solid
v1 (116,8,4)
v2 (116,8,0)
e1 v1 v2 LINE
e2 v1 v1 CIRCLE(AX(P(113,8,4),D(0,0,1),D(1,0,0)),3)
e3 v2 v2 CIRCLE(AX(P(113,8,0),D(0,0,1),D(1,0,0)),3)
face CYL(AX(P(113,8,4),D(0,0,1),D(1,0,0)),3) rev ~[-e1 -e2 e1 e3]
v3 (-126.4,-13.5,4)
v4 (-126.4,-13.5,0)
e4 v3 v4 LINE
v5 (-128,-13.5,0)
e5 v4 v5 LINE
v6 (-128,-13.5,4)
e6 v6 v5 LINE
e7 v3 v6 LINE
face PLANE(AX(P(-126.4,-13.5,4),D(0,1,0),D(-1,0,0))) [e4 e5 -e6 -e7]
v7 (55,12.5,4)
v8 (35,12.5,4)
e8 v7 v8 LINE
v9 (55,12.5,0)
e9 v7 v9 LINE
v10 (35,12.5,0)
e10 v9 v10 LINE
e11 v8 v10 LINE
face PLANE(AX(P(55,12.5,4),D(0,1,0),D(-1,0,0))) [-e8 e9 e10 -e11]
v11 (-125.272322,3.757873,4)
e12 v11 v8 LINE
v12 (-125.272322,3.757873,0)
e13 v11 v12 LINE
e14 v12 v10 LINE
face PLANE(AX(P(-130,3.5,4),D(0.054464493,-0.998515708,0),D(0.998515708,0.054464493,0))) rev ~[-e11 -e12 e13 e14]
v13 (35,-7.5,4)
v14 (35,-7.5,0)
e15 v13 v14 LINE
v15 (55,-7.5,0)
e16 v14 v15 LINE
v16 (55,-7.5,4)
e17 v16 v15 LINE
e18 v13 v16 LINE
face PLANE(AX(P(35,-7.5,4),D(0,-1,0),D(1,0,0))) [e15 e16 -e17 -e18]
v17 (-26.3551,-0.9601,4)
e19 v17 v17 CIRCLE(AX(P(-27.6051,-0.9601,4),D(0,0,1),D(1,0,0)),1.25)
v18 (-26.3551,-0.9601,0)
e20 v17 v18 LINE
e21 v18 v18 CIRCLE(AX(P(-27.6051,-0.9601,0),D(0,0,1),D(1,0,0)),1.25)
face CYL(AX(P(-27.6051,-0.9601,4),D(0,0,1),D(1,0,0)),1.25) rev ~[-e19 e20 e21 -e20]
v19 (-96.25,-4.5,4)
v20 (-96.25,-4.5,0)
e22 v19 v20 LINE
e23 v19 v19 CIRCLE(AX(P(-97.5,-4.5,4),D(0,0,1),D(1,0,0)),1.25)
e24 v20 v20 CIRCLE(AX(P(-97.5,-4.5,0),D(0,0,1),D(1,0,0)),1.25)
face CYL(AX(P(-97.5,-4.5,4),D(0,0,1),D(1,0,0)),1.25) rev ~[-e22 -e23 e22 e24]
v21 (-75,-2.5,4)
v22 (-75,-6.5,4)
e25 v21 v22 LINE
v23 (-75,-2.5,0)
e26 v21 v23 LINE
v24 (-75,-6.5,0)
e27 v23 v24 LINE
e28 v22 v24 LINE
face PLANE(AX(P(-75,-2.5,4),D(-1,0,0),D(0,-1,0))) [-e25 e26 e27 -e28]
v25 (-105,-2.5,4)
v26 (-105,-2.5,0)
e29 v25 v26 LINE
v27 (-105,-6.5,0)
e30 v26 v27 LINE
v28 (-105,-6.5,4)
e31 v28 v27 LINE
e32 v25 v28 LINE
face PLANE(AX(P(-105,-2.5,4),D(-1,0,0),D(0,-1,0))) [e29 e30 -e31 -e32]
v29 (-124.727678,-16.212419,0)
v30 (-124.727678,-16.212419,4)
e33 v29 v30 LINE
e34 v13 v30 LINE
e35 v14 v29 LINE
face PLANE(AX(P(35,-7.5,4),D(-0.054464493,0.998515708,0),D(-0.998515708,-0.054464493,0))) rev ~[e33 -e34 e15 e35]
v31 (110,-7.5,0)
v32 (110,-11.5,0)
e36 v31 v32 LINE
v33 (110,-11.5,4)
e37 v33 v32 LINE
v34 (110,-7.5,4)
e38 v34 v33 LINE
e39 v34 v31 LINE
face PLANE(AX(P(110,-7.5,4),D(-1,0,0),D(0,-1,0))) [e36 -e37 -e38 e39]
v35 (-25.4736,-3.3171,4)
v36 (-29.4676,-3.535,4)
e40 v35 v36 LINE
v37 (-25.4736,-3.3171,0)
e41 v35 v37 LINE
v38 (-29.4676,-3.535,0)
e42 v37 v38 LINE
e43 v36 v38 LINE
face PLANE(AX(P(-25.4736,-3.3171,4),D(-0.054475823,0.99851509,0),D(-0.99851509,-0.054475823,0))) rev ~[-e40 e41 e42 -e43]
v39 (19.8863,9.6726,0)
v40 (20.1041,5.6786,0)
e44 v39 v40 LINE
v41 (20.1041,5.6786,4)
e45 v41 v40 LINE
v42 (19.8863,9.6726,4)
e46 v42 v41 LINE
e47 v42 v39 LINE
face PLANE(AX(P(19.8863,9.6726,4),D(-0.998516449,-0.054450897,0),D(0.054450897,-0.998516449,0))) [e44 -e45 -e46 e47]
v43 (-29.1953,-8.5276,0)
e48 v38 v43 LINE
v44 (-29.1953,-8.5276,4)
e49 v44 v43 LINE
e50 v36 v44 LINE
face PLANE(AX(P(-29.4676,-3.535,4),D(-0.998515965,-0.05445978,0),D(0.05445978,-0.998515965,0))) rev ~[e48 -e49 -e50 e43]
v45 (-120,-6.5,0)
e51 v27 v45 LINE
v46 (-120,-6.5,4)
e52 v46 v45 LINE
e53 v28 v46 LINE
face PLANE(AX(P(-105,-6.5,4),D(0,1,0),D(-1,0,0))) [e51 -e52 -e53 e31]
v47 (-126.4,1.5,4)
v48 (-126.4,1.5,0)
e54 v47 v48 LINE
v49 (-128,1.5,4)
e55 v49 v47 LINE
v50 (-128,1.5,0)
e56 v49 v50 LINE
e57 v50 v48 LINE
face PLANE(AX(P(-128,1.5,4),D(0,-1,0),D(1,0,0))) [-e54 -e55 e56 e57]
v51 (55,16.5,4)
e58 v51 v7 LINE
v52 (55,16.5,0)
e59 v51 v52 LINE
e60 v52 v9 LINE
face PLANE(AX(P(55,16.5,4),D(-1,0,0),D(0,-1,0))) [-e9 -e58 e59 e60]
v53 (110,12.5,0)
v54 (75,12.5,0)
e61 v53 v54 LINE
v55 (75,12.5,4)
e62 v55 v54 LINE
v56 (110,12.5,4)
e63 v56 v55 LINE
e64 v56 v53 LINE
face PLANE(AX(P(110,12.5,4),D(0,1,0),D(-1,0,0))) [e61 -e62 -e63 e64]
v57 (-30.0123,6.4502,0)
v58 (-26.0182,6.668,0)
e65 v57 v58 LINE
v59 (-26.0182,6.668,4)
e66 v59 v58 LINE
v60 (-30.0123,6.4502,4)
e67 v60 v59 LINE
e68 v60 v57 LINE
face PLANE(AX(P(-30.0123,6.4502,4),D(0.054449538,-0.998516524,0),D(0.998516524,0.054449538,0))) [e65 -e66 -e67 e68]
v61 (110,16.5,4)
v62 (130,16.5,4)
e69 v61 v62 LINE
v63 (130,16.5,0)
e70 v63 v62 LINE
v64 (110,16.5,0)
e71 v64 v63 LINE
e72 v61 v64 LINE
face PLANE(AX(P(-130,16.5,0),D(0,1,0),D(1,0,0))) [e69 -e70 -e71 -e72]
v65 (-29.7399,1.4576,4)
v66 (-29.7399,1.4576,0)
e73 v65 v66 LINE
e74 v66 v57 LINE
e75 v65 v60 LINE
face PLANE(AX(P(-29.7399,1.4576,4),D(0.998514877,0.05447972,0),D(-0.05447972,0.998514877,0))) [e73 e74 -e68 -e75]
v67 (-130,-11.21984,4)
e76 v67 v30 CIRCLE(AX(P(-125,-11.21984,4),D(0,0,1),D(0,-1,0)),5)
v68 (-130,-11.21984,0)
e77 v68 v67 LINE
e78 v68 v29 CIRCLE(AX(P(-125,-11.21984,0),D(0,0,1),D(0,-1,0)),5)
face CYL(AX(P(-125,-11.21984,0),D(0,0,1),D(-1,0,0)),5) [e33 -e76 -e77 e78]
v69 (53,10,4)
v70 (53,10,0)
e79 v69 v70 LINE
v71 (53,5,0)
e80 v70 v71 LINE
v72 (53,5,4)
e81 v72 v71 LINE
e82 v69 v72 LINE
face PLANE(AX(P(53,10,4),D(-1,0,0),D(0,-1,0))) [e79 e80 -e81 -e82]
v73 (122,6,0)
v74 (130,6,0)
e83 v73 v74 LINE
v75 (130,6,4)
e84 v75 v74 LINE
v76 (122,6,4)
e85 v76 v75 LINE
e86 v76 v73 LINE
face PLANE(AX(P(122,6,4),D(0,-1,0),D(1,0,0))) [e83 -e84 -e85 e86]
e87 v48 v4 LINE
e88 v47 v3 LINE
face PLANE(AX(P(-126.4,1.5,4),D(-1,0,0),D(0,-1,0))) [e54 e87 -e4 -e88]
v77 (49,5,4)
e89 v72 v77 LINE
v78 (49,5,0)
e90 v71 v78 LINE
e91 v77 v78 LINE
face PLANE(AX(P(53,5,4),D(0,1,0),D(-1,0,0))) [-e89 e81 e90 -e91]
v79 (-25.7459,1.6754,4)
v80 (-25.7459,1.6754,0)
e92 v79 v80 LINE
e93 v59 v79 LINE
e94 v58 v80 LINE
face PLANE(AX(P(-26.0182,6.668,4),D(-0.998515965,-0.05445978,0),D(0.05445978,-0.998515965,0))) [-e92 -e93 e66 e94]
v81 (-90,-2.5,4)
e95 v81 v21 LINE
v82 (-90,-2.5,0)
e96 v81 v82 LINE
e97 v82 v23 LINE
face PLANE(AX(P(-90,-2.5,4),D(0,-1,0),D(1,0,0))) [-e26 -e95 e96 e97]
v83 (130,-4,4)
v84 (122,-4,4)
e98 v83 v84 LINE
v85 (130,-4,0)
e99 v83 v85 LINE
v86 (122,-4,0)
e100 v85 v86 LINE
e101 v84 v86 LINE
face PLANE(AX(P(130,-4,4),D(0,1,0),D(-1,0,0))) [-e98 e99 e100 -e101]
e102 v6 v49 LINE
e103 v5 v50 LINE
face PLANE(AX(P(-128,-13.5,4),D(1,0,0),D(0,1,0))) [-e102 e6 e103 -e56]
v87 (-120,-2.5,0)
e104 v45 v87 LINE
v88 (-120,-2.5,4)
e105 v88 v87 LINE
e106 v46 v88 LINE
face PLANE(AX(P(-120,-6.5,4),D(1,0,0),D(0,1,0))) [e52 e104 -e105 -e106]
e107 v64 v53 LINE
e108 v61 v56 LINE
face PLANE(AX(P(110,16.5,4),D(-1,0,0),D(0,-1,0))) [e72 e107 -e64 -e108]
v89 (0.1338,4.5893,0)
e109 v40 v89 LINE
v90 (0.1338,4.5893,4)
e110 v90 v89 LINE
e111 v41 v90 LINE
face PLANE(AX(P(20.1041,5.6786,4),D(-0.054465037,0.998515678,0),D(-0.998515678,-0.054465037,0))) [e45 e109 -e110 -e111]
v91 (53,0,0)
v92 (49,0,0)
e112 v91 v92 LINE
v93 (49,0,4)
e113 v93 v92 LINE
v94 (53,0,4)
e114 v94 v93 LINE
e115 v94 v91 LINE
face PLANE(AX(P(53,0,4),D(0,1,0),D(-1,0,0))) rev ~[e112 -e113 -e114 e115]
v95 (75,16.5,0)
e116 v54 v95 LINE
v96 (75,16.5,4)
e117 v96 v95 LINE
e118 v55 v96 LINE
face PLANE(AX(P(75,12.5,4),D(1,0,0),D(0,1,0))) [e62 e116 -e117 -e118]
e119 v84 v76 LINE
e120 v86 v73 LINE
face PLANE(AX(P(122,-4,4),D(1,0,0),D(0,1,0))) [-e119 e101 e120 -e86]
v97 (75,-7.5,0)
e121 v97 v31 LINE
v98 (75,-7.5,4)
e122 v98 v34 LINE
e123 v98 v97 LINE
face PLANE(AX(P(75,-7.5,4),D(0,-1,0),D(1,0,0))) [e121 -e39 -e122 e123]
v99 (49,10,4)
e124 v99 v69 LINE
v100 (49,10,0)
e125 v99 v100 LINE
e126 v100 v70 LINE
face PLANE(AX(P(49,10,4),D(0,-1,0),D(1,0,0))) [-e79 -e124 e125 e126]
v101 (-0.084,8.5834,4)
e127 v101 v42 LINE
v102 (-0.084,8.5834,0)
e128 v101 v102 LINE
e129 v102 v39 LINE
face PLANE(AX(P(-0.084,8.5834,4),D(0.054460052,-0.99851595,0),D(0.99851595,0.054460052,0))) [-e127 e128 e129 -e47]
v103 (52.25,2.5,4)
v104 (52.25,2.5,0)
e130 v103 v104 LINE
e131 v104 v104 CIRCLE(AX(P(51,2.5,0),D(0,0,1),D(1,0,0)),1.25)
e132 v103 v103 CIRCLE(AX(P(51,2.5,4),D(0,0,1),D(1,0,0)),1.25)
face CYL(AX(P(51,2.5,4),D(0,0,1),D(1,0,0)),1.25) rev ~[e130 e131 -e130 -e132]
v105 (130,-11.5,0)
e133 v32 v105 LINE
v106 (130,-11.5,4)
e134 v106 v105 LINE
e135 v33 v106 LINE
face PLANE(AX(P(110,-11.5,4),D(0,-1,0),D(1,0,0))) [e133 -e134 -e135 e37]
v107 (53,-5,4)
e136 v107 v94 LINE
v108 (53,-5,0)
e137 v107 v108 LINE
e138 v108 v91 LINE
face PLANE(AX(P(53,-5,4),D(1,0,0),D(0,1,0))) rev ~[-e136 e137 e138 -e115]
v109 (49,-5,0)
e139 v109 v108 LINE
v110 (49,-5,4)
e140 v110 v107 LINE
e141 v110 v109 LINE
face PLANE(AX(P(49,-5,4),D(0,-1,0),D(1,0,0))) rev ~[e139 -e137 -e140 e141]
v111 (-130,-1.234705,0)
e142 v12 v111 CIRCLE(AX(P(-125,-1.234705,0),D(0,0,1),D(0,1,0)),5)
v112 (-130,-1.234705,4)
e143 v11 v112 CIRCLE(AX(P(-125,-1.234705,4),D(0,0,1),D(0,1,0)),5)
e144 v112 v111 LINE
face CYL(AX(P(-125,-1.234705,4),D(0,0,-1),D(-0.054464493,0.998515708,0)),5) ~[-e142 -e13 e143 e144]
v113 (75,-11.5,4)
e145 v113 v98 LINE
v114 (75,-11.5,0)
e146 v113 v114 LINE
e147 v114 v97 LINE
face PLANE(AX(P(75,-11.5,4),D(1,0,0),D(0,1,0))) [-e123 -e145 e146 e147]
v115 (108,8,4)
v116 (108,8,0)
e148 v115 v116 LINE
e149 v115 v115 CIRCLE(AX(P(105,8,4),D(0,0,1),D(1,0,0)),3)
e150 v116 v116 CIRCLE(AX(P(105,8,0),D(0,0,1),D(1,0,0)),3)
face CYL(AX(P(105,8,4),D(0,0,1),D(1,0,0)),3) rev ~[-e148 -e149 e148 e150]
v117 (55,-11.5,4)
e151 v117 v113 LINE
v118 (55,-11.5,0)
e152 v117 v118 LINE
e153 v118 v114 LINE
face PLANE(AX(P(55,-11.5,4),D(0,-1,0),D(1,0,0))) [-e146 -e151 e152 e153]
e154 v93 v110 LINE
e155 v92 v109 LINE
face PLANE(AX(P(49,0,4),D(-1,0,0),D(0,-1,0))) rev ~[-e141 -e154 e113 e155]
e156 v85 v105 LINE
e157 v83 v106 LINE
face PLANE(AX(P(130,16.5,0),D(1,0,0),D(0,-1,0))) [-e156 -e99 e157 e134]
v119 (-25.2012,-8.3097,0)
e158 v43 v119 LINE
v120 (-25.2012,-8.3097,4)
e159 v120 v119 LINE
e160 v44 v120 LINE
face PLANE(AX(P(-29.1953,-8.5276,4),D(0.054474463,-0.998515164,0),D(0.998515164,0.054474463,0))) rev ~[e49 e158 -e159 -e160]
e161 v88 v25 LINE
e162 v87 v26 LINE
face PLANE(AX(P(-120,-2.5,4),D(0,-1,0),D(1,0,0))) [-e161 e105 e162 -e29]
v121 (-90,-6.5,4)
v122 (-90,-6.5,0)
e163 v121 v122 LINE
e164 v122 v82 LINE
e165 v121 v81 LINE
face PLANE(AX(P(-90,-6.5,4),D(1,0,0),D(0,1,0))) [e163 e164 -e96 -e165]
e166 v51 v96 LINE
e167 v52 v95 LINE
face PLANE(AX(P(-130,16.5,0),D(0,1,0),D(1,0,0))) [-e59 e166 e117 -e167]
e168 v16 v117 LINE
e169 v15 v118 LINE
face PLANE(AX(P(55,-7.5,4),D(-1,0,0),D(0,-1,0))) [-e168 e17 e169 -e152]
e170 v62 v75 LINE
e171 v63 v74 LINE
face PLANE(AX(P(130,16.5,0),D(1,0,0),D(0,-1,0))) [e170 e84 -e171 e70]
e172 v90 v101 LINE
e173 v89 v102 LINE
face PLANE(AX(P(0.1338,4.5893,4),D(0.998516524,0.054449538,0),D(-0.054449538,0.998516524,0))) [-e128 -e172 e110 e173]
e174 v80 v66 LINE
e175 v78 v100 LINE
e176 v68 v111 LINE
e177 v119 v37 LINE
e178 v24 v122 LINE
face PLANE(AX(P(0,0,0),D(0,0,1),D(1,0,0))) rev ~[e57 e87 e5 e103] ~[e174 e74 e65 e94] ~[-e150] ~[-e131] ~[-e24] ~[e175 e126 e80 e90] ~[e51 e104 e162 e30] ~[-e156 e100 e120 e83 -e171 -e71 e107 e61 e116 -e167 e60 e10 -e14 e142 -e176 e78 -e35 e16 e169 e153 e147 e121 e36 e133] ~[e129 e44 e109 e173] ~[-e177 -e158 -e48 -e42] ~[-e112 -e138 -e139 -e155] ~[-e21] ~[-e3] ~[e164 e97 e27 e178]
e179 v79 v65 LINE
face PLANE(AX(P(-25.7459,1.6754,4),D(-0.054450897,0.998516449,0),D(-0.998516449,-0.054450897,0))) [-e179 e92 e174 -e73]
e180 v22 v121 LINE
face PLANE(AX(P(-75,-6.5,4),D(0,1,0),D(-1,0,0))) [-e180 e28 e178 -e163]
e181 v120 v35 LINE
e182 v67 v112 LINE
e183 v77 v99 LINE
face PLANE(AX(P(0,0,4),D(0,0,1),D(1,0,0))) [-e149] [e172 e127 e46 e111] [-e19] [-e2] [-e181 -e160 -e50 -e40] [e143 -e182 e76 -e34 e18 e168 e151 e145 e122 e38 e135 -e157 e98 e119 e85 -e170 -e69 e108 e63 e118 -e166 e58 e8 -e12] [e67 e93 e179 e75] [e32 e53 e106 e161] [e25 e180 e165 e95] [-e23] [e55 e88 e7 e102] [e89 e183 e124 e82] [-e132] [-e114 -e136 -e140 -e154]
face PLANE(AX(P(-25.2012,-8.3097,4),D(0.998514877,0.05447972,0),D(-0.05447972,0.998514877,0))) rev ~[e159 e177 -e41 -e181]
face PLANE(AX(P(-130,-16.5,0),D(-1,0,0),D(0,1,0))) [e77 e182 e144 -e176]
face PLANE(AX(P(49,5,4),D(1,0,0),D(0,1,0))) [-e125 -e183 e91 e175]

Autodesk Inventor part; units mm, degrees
ref_plane "YZ Plane" through (0, 0, 0) normal (1, 0, 0) x (0, 1, 0)
ref_plane "XZ Plane" through (0, 0, 0) normal (0, 1, 0) x (-1, 0, 0)
ref_plane "XY Plane" through (0, 0, 0) normal (0, 0, 1) x (1, 0, 0)
sketch "Sketch1" plane through (0, 0, 0) normal (0, 0, 1) x (1, 0, 0)
  line L0 (-130, 16.5) -> (130, 16.5)
  line L1 (130, 16.5) -> (130, -16.5)
  line L2 (130, -16.5) -> (-130, -16.5)
  line L3 (-130, -16.5) -> (-130, 16.5)
  point P0 (0, 0)
  dimension "d0" = 260
  dimension "d1" = 33
  dimension "d2" = 16.5
  dimension "d3" = 130
extrude "Base" add sketch "Sketch1" along normal blind 4
sketch "Sketch2" plane through (0, 0, 4) normal (0, 0, 1) x (1, 0, 0)
  line L0 (130, 16.5) -> (130, -16.5) projected
  line L1 (-130, 16.5) -> (130, 16.5) projected
  line L2 (-130, -16.5) -> (-130, 16.5) projected
  line L3 (130, -16.5) -> (-130, -16.5) projected
  line L4 (75, 16.5) -> (110, 16.5)
  line L5 (110, 16.5) -> (110, 12.5)
  line L6 (110, 12.5) -> (75, 12.5)
  line L7 (75, 12.5) -> (75, 16.5)
  line L8 (-130, 16.5) -> (55, 16.5)
  line L9 (55, 16.5) -> (55, 12.5)
  line L10 (55, 12.5) -> (-130, 12.5)
  line L11 (-130, 12.5) -> (-130, 16.5)
  line L12 (35, -7.5) -> (55, -7.5)
  line L13 (55, -7.5) -> (55, -16.5)
  line L14 (55, -16.5) -> (35, -16.5)
  line L15 (35, -16.5) -> (35, -7.5)
  line L16 (75, -7.5) -> (110, -7.5)
  line L17 (110, -7.5) -> (110, -16.5)
  line L18 (110, -16.5) -> (75, -16.5)
  line L19 (75, -16.5) -> (75, -7.5)
  line L20 (110, -11.5) -> (130, -11.5)
  line L21 (130, -11.5) -> (130, -16.5)
  line L22 (130, -16.5) -> (110, -16.5)
  line L23 (110, -16.5) -> (110, -11.5)
  line L24 (55, -11.5) -> (75, -11.5)
  line L25 (75, -11.5) -> (75, -16.5)
  line L26 (75, -16.5) -> (55, -16.5)
  line L27 (55, -16.5) -> (55, -11.5)
  point P0 (0, 0)
  dimension "d6" = 35
  dimension "d7" = 4
  dimension "d8" = 0
  dimension "d9" = 20
  dimension "d10" = 185
  dimension "d11" = 4
  dimension "d12" = 0
  dimension "d13" = 0
  dimension "d14" = 20
  dimension "d15" = 20
  dimension "d16" = 9
  dimension "d17" = 0
  dimension "d18" = 165
  dimension "d19" = 35
  dimension "d20" = 9
  dimension "d21" = 0
  dimension "d22" = 20
  dimension "d23" = 20
  dimension "d24" = 5
  dimension "d25" = 20
  dimension "d26" = 5
  dimension "d27" = 0
  dimension "d28" = 0
  dimension "d29" = 0
  dimension "d30" = 0
  dimension "d98" = 20
extrude "StructureMounting" cut sketch "Sketch2" against normal blind 4 contours L0 L3 L17 L20 | L5 L6 L7 L1 | L17 L3 L19 L16 | L9 L10 L2 L1 | L3 L13 L24 L19 | L3 L15 L12 L13
sketch "Sketch4" plane through (0, 0, 4) normal (0, 0, 1) x (1, 0, 0)
  line L0 (55, 12.5) -> (-130, 12.5) projected
  line L1 (-130, -16.5) -> (-130, 12.5) projected
  line L2 (35, -16.5) -> (-130, -16.5) projected
  line L3 (35, -16.5) -> (35, -7.5) projected
  line L4 (55, 16.5) -> (55, 12.5) projected
  line L5 (35, -7.5) -> (-130, -16.5)
  line L6 (-130, 3.5) -> (35, 12.5)
  point P0 (0, 0)
  dimension "d42" = 20
  dimension "d43" = 20
extrude "MotorRamp" cut sketch "Sketch4" against normal blind 4
sketch "Sketch5" plane through (0, 0, 4) normal (0, 0, 1) x (1, 0, 0)
  line L0 (110, 12.5) -> (75, 12.5) projected
  line L1 (75, 12.5) -> (75, 16.5) projected
  line L2 (94.274, 12.5) -> (98.274, 12.5)
  line L3 (98.274, 12.5) -> (98.274, 2.5)
  line L4 (98.274, 2.5) -> (94.274, 2.5)
  line L5 (94.274, 2.5) -> (94.274, 12.5)
  line L6 (110, 16.5) -> (110, 12.5) projected
  point P0 (0, 0)
  dimension "d46" = 4
  dimension "d47" = 10
  dimension "d48" = 0
  dimension "d49" = 19.274
  dimension "d100" = 11.726
extrude "LowSleeve" [suppressed]
sketch "Sketch6" plane through (0, 0, 4) normal (0, 0, 1) x (1, 0, 0)
  line L0 (-130, -16.5) -> (-130, 3.5) projected
  line L1 (-120, -2.5) -> (-105, -2.5)
  line L2 (-105, -2.5) -> (-105, -6.5)
  line L3 (-105, -6.5) -> (-120, -6.5)
  line L4 (-120, -6.5) -> (-120, -2.5)
  line L5 (-90, -2.5) -> (-75, -2.5)
  line L6 (-75, -2.5) -> (-75, -6.5)
  line L7 (-75, -6.5) -> (-90, -6.5)
  line L8 (-90, -6.5) -> (-90, -2.5)
  line L9 (98.274, 2.5) -> (94.274, 2.5) projected
  line L10 (-106.4171, -4.5) -> (-87.4505, -4.5) construction
  circle A0 centre (-97.5, -4.5) radius 1.25
  point P0 (0, 0)
  dimension "d63" = 15
  dimension "d64" = 4
  dimension "d67" = 30
  dimension "d72" = 10
  dimension "d73" = 10
  dimension "d166" = 2
  dimension "d167" = 2.5
  dimension "d168" = 7.5
extrude "MotorSleeves" cut sketch "Sketch6" against normal blind 4
sketch "Sketch10" plane through (0, 0, 4) normal (0, 0, 1) x (1, 0, 0)
  line L0 (130, 16.5) -> (130, -11.5) projected
  line L1 (122, 6) -> (130, 6)
  line L2 (130, 6) -> (130, -4)
  line L3 (130, -4) -> (122, -4)
  line L4 (122, -4) -> (122, 6)
  point P0 (0, 0)
  dimension "d109" = 8
  dimension "d110" = 10
  dimension "d111" = 0
  dimension "d112" = 4
extrude "Cabling" cut sketch "Sketch10" against normal blind 4
sketch "Sketch12" plane through (0, 0, 4) normal (0, 0, 1) x (1, 0, 0)
  line L0 (35, 12.5) -> (-130, 3.5) projected
  line L1 (-0.084, 8.5834) -> (19.8863, 9.6726)
  line L2 (19.8863, 9.6726) -> (20.1041, 5.6786)
  line L3 (20.1041, 5.6786) -> (0.1338, 4.5893)
  line L4 (0.1338, 4.5893) -> (-0.084, 8.5834)
  point P0 (0, 0)
  dimension "d124" = 4
  dimension "d125" = 20
  dimension "d126" = 2
  dimension "d127" = 130
extrude "ESCholder" cut sketch "Sketch12" against normal blind 4
sketch "Sketch13" plane through (0, 0, 4) normal (0, 0, 1) x (1, 0, 0)
  line L0 (55, 16.5) -> (55, 12.5) projected
  line L1 (55, 12.5) -> (35, 12.5) projected
  line L2 (35, 12.5) -> (-130, 3.5) projected
  line L3 (-130, -16.5) -> (35, -7.5) projected
  line L4 (-30.0123, 6.4502) -> (-26.0182, 6.668)
  line L5 (-26.0182, 6.668) -> (-25.7459, 1.6754)
  line L6 (-25.7459, 1.6754) -> (-29.7399, 1.4576)
  line L7 (-29.7399, 1.4576) -> (-30.0123, 6.4502)
  line L8 (-47.5366, -2.0169) -> (-6.9954, 0.1945) construction
  line L9 (-29.1953, -8.5276) -> (-25.2012, -8.3097)
  line L10 (-25.2012, -8.3097) -> (-25.4736, -3.3171)
  line L11 (-25.4736, -3.3171) -> (-29.4676, -3.535)
  line L12 (-29.4676, -3.535) -> (-29.1953, -8.5276)
  line L13 (20.1041, 5.6786) -> (0.1338, 4.5893) projected
  line L14 (-27.9377, 5.1382) -> (-27.2725, -7.0585) construction
  circle A0 centre (-27.6051, -0.9601) radius 1.25
  line L15 (49, 10) -> (53, 10)
  line L16 (53, 10) -> (53, 5)
  line L17 (53, 5) -> (49, 5)
  line L18 (49, 5) -> (49, 10)
  line L19 (39.5253, 2.5) -> (63.8345, 2.5) construction
  line L20 (49, -5) -> (53, -5)
  line L21 (53, -5) -> (53, 0)
  line L22 (53, 0) -> (49, 0)
  line L23 (49, 0) -> (49, -5)
  circle A1 centre (51, 2.5) radius 1.25
  point P0 (0, 0)
  dimension "d134" = 2.5
  dimension "d135" = 7.5
  dimension "d136" = 4
  dimension "d137" = 100
  dimension "d140" = 10
  dimension "d151" = 2
  dimension "d152" = 2.5
  dimension "d153" = 4
  dimension "d154" = 5
  dimension "d155" = 2.5
  dimension "d156" = 6
  dimension "d157" = 10
  dimension "d158" = 2.5
  dimension "d159" = 2
extrude "CrossSupports" cut sketch "Sketch13" against normal blind 10
sketch "Sketch14" plane through (0, 0, 4) normal (0, 0, 1) x (1, 0, 0)
  line L0 (110, 12.5) -> (75, 12.5) projected
  circle A0 centre (113, 8) radius 3
  circle A1 centre (105, 8) radius 3
  point P0 (98.274, 12.5)
  point P1 (0, 0)
  dimension "d141" = 6
  dimension "d142" = 6
  dimension "d143" = 4.5
  dimension "d144" = 4.5
  dimension "d145" = 3
  dimension "d146" = 8
extrude "ESCpowerHoles" cut sketch "Sketch14" against normal blind 10
sketch "Sketch15" plane through (0, 0, 4) normal (0, 0, 1) x (1, 0, 0)
  line L0 (75, -7.5) -> (110, -7.5) projected
  line L1 (94.274, 2.5) -> (98.274, 2.5)
  line L2 (98.274, 2.5) -> (98.274, -7.5)
  line L3 (98.274, -7.5) -> (94.274, -7.5)
  line L4 (94.274, -7.5) -> (94.274, 2.5)
  point P0 (0, 0)
extrude "HighSleeve" [suppressed]
sketch "Sketch16" plane through (0, 0, 4) normal (0, 0, 1) x (1, 0, 0)
  line L0 (-130, -16.5) -> (-130, 3.5) projected
  line L1 (-128, 1.5) -> (-126.4, 1.5)
  line L2 (-126.4, 1.5) -> (-126.4, -13.5)
  line L3 (-126.4, -13.5) -> (-128, -13.5)
  line L4 (-128, -13.5) -> (-128, 1.5)
  point P0 (0, 0)
  dimension "d160" = 1.6
  dimension "d161" = 15
  dimension "d162" = 2
  dimension "d163" = 2
extrude "WingLedCutout" cut sketch "Sketch16" against normal blind 10
fillet "ImpactReduction" radius 5 2 edges at (-130, 3.5, 2) (-130, -16.5, 2)
properties part number "ArmOutside"
